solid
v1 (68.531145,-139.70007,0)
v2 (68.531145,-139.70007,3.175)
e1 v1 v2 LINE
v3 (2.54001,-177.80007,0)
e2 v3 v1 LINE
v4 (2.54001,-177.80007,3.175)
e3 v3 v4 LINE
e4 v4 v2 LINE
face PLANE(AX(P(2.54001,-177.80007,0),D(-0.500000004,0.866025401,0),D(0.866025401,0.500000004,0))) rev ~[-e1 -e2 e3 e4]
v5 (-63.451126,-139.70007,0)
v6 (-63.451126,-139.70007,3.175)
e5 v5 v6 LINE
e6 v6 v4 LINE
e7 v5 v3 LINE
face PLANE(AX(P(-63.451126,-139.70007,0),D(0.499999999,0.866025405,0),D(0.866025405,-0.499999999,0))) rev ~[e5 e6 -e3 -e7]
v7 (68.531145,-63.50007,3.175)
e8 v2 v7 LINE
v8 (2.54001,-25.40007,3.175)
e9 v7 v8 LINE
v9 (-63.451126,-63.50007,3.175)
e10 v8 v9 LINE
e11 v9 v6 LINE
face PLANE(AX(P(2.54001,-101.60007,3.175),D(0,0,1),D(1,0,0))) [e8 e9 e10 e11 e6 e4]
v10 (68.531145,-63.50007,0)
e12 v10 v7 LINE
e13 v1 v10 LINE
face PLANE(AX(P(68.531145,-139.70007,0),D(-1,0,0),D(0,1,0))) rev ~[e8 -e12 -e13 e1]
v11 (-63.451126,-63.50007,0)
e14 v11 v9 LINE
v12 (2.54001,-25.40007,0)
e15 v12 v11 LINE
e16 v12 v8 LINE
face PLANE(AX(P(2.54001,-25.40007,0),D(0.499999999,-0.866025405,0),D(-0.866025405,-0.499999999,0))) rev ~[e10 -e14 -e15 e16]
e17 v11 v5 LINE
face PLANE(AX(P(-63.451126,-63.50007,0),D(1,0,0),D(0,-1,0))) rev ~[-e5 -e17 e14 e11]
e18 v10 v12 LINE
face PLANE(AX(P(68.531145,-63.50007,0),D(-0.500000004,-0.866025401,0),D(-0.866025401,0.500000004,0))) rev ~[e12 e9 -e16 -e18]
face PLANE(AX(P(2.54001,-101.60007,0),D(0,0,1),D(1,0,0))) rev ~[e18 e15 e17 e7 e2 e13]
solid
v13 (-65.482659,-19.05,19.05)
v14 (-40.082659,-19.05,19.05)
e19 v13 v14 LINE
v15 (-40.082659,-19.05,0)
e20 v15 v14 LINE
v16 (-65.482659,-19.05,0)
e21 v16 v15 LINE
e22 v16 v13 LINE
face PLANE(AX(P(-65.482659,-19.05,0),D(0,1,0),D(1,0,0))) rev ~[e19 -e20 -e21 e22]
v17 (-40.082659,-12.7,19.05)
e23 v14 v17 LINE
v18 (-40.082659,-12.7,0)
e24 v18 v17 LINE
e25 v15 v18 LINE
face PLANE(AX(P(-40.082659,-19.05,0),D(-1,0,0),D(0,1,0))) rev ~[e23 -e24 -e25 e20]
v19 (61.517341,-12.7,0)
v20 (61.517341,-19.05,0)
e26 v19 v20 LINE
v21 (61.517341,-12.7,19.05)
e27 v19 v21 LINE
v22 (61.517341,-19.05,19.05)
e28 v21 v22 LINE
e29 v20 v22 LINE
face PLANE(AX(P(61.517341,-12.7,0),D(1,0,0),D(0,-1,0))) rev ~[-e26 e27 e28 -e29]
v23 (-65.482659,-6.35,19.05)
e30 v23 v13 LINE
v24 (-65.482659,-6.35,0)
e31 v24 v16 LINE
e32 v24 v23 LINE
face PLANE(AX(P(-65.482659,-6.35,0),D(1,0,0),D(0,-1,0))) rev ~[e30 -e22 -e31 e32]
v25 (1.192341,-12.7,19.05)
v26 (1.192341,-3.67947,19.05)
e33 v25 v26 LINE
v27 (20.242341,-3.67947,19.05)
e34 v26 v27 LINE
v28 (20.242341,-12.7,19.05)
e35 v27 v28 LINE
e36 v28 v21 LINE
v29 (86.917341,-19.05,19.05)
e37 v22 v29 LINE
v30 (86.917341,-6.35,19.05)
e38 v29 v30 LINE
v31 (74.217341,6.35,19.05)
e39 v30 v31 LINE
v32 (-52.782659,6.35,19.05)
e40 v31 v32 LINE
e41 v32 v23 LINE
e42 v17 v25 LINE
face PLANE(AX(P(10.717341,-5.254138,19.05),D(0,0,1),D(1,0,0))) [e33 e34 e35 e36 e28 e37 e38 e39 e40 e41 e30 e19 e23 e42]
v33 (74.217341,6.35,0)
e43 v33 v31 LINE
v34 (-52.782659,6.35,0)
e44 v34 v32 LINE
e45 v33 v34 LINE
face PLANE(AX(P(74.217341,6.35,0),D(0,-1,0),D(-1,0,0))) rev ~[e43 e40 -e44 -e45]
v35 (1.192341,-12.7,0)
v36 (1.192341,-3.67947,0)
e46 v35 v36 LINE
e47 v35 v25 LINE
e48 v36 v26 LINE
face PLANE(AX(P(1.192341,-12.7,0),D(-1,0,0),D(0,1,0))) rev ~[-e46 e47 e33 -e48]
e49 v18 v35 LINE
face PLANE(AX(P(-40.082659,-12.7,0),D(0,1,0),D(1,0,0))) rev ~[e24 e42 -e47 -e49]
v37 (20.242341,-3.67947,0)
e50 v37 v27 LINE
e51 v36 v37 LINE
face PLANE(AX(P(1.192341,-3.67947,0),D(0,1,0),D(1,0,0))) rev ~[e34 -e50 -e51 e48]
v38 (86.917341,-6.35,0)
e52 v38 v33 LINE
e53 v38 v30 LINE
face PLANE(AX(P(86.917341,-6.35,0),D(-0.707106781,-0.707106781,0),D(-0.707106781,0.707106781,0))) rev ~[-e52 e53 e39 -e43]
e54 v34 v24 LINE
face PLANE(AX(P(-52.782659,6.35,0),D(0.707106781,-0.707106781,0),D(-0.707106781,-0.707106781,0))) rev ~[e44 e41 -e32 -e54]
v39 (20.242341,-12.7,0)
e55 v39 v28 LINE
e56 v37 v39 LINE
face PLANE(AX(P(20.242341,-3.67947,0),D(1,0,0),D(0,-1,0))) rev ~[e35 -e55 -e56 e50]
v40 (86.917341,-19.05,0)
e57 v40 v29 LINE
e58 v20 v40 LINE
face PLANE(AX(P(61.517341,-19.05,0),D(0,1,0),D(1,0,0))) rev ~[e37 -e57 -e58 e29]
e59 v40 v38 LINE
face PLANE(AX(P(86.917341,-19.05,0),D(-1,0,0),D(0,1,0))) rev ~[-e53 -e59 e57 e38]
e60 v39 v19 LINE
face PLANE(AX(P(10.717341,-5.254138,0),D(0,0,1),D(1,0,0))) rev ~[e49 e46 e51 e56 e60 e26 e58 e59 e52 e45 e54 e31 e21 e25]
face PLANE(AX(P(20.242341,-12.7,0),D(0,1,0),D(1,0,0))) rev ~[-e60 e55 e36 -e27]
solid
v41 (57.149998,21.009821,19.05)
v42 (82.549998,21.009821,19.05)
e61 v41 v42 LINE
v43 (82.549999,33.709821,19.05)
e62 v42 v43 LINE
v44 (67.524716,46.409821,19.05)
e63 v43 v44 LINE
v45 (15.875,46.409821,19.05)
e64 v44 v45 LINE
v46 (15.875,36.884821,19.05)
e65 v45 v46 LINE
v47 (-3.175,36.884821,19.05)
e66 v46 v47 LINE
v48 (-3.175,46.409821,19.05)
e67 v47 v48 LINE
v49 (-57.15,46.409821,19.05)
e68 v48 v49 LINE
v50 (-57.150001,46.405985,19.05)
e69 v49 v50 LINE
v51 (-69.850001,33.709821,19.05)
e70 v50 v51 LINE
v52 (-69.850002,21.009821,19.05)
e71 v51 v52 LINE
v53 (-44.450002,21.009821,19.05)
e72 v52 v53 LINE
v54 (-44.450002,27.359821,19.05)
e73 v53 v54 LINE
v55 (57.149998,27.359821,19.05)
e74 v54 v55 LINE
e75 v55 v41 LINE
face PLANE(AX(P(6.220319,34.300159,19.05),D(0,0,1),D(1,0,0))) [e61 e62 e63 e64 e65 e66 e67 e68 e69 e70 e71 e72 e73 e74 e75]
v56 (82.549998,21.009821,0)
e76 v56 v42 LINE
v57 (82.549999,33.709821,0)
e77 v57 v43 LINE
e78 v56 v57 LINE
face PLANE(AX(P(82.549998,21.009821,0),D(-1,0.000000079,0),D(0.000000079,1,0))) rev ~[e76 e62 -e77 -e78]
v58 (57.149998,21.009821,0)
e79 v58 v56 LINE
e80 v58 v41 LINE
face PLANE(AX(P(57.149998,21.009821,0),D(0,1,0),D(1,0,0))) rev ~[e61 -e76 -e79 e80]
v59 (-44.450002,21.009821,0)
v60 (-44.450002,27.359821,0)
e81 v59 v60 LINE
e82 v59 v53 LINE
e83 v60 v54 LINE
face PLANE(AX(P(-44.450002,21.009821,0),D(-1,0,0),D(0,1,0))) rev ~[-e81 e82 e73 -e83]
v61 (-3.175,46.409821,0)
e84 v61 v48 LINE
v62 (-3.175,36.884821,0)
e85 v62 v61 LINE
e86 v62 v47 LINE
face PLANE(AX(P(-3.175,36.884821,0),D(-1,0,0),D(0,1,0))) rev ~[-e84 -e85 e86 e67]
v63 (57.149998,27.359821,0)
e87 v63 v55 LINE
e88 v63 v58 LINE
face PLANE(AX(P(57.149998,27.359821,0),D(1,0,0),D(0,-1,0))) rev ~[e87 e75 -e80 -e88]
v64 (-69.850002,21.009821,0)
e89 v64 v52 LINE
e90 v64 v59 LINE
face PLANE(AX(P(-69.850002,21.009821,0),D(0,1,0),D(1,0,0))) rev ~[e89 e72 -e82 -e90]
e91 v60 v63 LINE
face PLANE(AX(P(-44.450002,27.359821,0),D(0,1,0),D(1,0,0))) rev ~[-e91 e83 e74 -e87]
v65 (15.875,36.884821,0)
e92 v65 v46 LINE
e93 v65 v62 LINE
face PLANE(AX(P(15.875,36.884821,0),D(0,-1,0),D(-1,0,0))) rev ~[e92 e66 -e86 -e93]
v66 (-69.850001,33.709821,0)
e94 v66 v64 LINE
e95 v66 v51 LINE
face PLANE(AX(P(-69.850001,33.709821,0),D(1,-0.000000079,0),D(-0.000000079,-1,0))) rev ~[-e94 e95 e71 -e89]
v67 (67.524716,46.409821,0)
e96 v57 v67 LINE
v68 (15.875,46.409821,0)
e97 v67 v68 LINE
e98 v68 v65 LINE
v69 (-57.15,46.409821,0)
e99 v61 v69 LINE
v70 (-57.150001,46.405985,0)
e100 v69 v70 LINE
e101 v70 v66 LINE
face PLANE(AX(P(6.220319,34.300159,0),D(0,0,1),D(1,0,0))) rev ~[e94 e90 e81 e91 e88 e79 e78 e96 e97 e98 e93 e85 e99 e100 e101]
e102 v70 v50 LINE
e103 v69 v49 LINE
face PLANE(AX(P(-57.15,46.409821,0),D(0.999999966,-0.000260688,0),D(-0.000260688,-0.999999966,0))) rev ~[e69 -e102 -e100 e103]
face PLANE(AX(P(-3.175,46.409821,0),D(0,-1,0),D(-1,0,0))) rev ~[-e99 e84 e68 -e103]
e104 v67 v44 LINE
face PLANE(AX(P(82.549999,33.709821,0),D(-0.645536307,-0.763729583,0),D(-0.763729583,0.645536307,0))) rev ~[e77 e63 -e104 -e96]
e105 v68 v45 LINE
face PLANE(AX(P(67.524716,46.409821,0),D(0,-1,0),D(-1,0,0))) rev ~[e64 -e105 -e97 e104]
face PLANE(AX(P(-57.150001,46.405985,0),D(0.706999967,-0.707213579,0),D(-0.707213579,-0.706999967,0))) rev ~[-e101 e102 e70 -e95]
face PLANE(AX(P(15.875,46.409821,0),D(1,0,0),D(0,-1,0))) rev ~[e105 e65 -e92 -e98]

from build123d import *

# Parameters (mm, degrees)
F1_DEPTH = 19.05
F3_DEPTH = 19.05
F5_DEPTH = 3.175


with BuildPart() as f1:
    # F0 (on Top) → F1 (new body)
    with BuildSketch(Plane.XY):
        Polygon((74.217341, 6.35), (-52.782659, 6.35), (-65.482659, -6.35), (-65.482659, -19.05), (-40.082659, -19.05), (-40.082659, -12.7), (1.192341, -12.7), (1.192341, -3.67947), (20.242341, -3.67947), (20.242341, -12.7), (61.517341, -12.7), (61.517341, -19.05), (86.917341, -19.05), (86.917341, -6.35), align=None)
    extrude(amount=F1_DEPTH)


with BuildPart() as f3:
    # F2 (on Top) → F3 (new body)
    with BuildSketch(Plane.XY):
        Polygon((-44.509392, 46.409821), (-57.15, 46.409821), (-57.150001, 46.405985), (-69.850001, 33.709821), (-69.850002, 21.009821), (-44.450002, 21.009821), (-44.450002, 27.359821), (57.149998, 27.359821), (57.149998, 21.009821), (82.549998, 21.009821), (82.549999, 33.709821), (67.524716, 46.409821), (15.875, 46.409821), (15.875, 36.884821), (-3.175, 36.884821), (-3.175, 46.409821), align=None)
    extrude(amount=F3_DEPTH)


with BuildPart() as f5:
    # F4 (on Top) → F5 (new body)
    with BuildSketch(Plane.XY):
        Polygon((68.531145, -63.50007), (2.54001, -25.40007), (-63.451126, -63.50007), (-63.451126, -139.70007), (2.54001, -177.80007), (68.531145, -139.70007), align=None)
    extrude(amount=F5_DEPTH)


solid = Compound([f1.part, f3.part, f5.part])
